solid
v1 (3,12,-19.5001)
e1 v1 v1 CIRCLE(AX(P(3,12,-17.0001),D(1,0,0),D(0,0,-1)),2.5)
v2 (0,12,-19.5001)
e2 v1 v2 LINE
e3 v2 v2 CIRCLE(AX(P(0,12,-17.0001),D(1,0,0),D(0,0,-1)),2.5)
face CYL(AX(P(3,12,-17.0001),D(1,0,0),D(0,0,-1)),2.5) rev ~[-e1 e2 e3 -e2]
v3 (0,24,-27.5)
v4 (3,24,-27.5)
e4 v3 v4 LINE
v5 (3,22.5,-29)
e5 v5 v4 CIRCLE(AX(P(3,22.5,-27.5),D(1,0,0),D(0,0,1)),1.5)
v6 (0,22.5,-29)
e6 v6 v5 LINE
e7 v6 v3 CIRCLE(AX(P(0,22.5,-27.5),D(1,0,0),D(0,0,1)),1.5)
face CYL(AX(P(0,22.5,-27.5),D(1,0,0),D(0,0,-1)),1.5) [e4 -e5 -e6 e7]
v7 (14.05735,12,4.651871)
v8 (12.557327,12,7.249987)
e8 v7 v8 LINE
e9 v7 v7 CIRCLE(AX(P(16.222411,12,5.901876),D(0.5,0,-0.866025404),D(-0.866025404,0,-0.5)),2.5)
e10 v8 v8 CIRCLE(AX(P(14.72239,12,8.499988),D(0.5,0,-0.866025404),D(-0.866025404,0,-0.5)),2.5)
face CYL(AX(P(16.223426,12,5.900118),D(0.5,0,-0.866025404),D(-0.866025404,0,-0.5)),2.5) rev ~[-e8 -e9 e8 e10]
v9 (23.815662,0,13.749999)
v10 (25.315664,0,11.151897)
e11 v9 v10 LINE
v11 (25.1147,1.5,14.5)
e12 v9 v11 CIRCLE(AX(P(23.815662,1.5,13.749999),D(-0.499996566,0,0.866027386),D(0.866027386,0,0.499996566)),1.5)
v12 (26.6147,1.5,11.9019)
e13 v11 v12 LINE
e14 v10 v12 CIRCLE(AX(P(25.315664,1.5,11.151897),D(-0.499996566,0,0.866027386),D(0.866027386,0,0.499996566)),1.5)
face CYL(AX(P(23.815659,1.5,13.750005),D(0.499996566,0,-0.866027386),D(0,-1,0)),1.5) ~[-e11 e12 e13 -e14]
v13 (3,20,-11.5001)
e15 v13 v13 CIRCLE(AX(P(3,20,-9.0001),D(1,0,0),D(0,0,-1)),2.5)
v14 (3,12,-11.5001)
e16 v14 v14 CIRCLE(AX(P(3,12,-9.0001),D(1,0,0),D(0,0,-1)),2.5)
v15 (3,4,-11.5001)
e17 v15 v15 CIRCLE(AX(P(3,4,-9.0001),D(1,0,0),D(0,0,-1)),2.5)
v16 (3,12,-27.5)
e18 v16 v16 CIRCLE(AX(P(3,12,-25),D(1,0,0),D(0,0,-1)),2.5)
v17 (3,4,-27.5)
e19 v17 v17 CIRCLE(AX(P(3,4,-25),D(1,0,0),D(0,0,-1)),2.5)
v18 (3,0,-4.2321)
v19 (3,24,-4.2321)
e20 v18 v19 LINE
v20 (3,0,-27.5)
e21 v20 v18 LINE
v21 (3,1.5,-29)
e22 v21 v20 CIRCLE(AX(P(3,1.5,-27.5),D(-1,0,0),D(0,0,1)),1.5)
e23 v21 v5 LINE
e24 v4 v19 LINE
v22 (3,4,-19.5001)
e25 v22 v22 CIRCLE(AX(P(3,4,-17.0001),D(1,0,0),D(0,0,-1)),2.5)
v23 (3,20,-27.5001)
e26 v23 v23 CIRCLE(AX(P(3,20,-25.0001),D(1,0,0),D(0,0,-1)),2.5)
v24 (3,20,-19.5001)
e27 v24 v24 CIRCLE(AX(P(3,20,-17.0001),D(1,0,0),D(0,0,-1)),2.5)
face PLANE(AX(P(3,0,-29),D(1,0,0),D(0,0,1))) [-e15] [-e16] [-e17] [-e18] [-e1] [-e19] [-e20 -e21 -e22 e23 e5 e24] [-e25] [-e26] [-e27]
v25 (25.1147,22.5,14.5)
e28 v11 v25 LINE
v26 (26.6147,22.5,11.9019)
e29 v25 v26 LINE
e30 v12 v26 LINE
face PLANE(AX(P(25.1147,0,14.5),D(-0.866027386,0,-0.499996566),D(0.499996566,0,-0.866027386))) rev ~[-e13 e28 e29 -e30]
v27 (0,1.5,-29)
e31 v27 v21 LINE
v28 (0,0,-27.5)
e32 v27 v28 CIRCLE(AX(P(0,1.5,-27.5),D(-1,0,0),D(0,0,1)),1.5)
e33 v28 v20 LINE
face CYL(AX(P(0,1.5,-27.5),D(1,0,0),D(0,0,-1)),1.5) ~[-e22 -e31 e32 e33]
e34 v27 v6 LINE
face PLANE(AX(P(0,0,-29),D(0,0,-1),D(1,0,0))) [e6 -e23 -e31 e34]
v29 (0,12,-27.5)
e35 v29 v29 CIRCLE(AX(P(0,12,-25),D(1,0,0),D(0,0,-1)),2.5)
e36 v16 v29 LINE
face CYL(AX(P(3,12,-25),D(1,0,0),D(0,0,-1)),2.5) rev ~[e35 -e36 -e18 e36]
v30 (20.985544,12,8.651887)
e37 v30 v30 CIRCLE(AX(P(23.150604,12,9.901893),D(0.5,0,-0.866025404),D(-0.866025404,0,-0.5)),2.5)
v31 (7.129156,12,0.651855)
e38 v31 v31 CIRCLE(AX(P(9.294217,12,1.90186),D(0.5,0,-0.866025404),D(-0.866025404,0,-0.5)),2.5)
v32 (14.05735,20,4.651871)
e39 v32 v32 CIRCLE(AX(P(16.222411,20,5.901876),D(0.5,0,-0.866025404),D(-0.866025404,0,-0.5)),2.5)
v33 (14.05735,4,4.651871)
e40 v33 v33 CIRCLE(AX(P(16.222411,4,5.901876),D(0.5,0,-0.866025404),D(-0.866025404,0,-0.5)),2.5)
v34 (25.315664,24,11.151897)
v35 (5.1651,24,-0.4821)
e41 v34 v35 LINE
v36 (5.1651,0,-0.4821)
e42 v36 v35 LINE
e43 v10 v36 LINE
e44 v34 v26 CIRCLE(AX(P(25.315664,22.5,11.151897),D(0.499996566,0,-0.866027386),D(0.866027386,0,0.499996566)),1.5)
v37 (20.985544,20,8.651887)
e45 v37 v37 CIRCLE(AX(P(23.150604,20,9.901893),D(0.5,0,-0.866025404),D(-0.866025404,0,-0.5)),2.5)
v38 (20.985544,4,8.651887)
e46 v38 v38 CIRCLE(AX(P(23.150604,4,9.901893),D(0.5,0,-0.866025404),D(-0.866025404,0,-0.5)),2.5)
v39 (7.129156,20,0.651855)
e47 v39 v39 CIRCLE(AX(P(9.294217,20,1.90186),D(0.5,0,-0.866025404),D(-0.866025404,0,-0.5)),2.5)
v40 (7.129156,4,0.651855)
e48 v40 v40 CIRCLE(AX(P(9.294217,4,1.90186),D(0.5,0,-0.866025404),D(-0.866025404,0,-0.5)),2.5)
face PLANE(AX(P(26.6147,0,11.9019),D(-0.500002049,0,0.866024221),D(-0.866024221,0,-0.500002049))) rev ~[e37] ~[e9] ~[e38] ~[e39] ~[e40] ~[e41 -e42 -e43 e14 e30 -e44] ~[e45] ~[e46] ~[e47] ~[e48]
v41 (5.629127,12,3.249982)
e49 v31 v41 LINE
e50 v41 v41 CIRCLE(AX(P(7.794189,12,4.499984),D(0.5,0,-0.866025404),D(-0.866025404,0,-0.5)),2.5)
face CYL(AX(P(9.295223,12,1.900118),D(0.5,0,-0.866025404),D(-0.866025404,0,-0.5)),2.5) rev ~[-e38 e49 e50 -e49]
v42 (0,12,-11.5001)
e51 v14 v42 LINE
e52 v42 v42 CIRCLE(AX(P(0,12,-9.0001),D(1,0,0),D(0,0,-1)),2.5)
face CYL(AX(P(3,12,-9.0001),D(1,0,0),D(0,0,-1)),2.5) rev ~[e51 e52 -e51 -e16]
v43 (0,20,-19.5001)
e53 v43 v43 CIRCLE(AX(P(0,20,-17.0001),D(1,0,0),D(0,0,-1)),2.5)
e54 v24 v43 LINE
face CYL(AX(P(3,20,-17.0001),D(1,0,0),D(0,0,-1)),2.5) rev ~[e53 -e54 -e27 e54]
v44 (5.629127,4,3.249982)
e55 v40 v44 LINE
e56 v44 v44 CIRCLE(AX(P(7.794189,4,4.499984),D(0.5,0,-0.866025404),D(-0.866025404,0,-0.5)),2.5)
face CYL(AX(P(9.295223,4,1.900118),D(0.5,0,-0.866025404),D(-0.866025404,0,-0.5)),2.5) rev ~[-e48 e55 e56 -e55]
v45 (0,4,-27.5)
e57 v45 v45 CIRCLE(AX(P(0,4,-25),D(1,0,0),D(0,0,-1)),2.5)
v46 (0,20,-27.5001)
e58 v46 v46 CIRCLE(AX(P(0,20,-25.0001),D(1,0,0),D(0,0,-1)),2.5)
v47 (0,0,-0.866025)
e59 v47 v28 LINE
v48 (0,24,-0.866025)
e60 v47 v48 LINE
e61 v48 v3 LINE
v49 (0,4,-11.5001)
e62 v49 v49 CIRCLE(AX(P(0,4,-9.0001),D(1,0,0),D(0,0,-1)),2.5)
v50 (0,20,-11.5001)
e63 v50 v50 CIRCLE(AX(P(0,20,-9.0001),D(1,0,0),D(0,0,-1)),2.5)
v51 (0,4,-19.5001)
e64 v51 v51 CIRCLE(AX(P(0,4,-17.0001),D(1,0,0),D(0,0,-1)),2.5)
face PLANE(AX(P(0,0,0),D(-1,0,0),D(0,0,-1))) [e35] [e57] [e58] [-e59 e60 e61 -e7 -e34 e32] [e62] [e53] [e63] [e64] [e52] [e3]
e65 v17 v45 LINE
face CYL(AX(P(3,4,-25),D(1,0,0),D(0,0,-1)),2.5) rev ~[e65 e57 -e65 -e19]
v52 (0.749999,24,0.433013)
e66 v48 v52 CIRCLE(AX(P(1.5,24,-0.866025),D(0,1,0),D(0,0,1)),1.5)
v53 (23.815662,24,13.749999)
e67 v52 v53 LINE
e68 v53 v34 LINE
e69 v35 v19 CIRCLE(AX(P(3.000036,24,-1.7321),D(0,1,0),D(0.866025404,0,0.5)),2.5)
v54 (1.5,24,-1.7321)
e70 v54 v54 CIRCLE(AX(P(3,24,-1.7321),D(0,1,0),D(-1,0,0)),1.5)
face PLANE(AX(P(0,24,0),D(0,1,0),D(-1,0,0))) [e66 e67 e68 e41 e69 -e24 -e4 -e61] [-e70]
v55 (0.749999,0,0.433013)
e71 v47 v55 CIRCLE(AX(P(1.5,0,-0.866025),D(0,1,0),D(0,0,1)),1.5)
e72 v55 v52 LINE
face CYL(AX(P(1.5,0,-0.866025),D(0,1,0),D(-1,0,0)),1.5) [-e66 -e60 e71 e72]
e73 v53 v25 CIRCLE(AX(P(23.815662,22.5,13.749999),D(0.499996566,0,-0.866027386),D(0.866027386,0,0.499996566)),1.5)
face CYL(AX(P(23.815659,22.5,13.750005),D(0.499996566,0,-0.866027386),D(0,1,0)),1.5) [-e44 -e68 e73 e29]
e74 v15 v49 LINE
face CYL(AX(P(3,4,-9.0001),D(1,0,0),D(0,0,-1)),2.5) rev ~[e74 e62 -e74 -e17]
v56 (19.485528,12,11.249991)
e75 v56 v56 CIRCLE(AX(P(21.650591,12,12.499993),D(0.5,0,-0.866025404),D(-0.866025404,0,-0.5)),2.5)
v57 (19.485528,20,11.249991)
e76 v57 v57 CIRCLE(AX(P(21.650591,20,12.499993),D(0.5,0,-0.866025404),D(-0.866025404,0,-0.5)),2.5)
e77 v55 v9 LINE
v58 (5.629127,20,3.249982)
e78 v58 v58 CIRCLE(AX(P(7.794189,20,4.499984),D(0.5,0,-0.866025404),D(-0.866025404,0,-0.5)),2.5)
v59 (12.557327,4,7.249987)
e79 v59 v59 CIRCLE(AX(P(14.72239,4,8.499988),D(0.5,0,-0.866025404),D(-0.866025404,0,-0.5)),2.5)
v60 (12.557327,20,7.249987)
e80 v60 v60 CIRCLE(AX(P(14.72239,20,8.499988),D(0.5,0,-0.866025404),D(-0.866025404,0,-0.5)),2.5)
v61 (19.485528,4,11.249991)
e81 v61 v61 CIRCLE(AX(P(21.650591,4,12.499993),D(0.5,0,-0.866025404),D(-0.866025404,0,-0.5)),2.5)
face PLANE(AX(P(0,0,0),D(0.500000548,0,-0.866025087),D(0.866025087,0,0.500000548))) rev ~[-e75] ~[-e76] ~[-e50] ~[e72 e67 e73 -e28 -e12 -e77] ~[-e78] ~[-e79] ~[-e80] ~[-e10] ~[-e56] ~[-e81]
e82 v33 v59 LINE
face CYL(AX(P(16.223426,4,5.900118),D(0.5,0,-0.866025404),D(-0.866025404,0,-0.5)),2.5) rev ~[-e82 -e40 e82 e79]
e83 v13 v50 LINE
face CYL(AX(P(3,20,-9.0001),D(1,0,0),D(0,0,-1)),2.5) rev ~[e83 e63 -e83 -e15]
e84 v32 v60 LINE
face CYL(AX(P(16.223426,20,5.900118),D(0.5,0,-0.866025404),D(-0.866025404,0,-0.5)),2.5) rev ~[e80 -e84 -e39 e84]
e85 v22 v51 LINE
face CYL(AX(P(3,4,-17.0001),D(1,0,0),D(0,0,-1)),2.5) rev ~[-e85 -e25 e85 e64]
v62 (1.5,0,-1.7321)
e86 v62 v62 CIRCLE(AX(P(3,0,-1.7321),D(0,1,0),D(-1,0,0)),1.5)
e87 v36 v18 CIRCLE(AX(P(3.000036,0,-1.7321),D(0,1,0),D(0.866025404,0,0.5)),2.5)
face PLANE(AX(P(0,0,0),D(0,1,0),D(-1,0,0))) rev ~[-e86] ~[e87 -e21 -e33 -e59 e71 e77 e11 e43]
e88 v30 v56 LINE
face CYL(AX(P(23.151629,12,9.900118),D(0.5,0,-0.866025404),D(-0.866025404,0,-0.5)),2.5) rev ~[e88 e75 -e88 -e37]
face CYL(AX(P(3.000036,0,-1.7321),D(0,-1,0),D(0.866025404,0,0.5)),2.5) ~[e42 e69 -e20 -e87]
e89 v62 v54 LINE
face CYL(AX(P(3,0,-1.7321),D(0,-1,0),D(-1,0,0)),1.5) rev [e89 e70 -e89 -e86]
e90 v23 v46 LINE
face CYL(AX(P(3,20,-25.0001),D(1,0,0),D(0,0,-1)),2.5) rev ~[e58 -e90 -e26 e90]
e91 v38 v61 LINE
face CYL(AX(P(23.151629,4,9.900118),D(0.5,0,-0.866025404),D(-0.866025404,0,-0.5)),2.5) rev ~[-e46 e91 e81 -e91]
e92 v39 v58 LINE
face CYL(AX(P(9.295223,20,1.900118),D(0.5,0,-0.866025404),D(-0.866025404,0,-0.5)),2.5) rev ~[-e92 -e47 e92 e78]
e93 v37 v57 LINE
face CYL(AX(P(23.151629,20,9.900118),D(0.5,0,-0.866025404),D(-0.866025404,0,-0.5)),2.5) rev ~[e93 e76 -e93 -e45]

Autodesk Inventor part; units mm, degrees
ref_plane "YZ Plane" through (0, 0, 0) normal (1, 0, 0) x (0, 1, 0)
ref_plane "XZ Plane" through (0, 0, 0) normal (0, 1, 0) x (-1, 0, 0)
ref_plane "XY Plane" through (0, 0, 0) normal (0, 0, 1) x (1, 0, 0)
sketch "Sketch1" plane through (0, 0, 0) normal (0, 1, 0) x (-1, 0, 0)
  line L0 (0, 0) -> (0, -29)
  line L1 (0, 0) -> (-25.1147, 14.5)
  line L2 (0, 0) -> (29, 0) construction
  line L3 (0, -29) -> (-3, -29)
  line L4 (-3, -29) -> (-3, -4.2321)
  line L5 (-25.1147, 14.5) -> (-26.6147, 11.9019)
  line L6 (-26.6147, 11.9019) -> (-5.1651, -0.4821)
  arc A0 (-5.1651, -0.4821) -> (-3, -4.2321) centre (-3, -1.7321) ccw
  circle A1 centre (-3, -1.7321) radius 1.5
extrude "Extrusion1" add sketch "Sketch1" along normal blind 24
fillet "Fillet1" radius 1.5 1 edges at (1.5, 24, -29)
fillet "Fillet2" radius 1.5 3 edges at (25.8647, 24, 13.201) (25.8647, 0, 13.201) (1.5, 0, -29)
sketch "Sketch2" plane through (3, 0, -4.2321) normal (1, 0, 0) x (0, 0, -1)
  line L0 (0, 0) -> (23.2679, 0) projected
  circle A0 centre (20.768, 20) radius 2.5
  circle A1 centre (20.7679, 12) radius 2.5
  circle A2 centre (20.7679, 4) radius 2.5
  line L1 (24.7679, 1.5) -> (24.7679, 22.5) projected
  circle A3 centre (4.768, 20) radius 2.5
  circle A4 centre (12.768, 20) radius 2.5
  circle A5 centre (12.768, 12) radius 2.5
  circle A6 centre (12.768, 4) radius 2.5
  circle A7 centre (4.768, 4) radius 2.5
  circle A8 centre (4.768, 12) radius 2.5
  point P0 (-4.2321, 0)
sketch "Sketch3" plane through (5.1651, 0, -0.4821) normal (0.5, 0, -0.866) x (-0.866, 0, -0.5)
  circle A0 centre (-20.7679, 20) radius 2.5
  circle A1 centre (-20.7679, 12) radius 2.5
  circle A2 centre (-20.7679, 4) radius 2.5
  circle A3 centre (-12.7679, 4) radius 2.5
  circle A4 centre (-12.7679, 12) radius 2.5
  circle A5 centre (-12.7679, 20) radius 2.5
  circle A6 centre (-4.7679, 20) radius 2.5
  circle A7 centre (-4.7679, 12) radius 2.5
  circle A8 centre (-4.7679, 4) radius 2.5
  point P0 (4.2321, 0)
extrude "Extrusion2" cut sketch "Sketch3" against normal blind 24 contours A2
extrude "Extrusion3" cut sketch "Sketch3" against normal blind 24 contours A0 | A1 | A3 | A4 | A5 | A6 | A7 | A8
extrude "Extrusion4" cut sketch "Sketch2" against normal blind 24
fillet "Fillet3" radius 1.5 1 edges at (0, 12, 0)
properties part number "Bracket Bend 3x3"
